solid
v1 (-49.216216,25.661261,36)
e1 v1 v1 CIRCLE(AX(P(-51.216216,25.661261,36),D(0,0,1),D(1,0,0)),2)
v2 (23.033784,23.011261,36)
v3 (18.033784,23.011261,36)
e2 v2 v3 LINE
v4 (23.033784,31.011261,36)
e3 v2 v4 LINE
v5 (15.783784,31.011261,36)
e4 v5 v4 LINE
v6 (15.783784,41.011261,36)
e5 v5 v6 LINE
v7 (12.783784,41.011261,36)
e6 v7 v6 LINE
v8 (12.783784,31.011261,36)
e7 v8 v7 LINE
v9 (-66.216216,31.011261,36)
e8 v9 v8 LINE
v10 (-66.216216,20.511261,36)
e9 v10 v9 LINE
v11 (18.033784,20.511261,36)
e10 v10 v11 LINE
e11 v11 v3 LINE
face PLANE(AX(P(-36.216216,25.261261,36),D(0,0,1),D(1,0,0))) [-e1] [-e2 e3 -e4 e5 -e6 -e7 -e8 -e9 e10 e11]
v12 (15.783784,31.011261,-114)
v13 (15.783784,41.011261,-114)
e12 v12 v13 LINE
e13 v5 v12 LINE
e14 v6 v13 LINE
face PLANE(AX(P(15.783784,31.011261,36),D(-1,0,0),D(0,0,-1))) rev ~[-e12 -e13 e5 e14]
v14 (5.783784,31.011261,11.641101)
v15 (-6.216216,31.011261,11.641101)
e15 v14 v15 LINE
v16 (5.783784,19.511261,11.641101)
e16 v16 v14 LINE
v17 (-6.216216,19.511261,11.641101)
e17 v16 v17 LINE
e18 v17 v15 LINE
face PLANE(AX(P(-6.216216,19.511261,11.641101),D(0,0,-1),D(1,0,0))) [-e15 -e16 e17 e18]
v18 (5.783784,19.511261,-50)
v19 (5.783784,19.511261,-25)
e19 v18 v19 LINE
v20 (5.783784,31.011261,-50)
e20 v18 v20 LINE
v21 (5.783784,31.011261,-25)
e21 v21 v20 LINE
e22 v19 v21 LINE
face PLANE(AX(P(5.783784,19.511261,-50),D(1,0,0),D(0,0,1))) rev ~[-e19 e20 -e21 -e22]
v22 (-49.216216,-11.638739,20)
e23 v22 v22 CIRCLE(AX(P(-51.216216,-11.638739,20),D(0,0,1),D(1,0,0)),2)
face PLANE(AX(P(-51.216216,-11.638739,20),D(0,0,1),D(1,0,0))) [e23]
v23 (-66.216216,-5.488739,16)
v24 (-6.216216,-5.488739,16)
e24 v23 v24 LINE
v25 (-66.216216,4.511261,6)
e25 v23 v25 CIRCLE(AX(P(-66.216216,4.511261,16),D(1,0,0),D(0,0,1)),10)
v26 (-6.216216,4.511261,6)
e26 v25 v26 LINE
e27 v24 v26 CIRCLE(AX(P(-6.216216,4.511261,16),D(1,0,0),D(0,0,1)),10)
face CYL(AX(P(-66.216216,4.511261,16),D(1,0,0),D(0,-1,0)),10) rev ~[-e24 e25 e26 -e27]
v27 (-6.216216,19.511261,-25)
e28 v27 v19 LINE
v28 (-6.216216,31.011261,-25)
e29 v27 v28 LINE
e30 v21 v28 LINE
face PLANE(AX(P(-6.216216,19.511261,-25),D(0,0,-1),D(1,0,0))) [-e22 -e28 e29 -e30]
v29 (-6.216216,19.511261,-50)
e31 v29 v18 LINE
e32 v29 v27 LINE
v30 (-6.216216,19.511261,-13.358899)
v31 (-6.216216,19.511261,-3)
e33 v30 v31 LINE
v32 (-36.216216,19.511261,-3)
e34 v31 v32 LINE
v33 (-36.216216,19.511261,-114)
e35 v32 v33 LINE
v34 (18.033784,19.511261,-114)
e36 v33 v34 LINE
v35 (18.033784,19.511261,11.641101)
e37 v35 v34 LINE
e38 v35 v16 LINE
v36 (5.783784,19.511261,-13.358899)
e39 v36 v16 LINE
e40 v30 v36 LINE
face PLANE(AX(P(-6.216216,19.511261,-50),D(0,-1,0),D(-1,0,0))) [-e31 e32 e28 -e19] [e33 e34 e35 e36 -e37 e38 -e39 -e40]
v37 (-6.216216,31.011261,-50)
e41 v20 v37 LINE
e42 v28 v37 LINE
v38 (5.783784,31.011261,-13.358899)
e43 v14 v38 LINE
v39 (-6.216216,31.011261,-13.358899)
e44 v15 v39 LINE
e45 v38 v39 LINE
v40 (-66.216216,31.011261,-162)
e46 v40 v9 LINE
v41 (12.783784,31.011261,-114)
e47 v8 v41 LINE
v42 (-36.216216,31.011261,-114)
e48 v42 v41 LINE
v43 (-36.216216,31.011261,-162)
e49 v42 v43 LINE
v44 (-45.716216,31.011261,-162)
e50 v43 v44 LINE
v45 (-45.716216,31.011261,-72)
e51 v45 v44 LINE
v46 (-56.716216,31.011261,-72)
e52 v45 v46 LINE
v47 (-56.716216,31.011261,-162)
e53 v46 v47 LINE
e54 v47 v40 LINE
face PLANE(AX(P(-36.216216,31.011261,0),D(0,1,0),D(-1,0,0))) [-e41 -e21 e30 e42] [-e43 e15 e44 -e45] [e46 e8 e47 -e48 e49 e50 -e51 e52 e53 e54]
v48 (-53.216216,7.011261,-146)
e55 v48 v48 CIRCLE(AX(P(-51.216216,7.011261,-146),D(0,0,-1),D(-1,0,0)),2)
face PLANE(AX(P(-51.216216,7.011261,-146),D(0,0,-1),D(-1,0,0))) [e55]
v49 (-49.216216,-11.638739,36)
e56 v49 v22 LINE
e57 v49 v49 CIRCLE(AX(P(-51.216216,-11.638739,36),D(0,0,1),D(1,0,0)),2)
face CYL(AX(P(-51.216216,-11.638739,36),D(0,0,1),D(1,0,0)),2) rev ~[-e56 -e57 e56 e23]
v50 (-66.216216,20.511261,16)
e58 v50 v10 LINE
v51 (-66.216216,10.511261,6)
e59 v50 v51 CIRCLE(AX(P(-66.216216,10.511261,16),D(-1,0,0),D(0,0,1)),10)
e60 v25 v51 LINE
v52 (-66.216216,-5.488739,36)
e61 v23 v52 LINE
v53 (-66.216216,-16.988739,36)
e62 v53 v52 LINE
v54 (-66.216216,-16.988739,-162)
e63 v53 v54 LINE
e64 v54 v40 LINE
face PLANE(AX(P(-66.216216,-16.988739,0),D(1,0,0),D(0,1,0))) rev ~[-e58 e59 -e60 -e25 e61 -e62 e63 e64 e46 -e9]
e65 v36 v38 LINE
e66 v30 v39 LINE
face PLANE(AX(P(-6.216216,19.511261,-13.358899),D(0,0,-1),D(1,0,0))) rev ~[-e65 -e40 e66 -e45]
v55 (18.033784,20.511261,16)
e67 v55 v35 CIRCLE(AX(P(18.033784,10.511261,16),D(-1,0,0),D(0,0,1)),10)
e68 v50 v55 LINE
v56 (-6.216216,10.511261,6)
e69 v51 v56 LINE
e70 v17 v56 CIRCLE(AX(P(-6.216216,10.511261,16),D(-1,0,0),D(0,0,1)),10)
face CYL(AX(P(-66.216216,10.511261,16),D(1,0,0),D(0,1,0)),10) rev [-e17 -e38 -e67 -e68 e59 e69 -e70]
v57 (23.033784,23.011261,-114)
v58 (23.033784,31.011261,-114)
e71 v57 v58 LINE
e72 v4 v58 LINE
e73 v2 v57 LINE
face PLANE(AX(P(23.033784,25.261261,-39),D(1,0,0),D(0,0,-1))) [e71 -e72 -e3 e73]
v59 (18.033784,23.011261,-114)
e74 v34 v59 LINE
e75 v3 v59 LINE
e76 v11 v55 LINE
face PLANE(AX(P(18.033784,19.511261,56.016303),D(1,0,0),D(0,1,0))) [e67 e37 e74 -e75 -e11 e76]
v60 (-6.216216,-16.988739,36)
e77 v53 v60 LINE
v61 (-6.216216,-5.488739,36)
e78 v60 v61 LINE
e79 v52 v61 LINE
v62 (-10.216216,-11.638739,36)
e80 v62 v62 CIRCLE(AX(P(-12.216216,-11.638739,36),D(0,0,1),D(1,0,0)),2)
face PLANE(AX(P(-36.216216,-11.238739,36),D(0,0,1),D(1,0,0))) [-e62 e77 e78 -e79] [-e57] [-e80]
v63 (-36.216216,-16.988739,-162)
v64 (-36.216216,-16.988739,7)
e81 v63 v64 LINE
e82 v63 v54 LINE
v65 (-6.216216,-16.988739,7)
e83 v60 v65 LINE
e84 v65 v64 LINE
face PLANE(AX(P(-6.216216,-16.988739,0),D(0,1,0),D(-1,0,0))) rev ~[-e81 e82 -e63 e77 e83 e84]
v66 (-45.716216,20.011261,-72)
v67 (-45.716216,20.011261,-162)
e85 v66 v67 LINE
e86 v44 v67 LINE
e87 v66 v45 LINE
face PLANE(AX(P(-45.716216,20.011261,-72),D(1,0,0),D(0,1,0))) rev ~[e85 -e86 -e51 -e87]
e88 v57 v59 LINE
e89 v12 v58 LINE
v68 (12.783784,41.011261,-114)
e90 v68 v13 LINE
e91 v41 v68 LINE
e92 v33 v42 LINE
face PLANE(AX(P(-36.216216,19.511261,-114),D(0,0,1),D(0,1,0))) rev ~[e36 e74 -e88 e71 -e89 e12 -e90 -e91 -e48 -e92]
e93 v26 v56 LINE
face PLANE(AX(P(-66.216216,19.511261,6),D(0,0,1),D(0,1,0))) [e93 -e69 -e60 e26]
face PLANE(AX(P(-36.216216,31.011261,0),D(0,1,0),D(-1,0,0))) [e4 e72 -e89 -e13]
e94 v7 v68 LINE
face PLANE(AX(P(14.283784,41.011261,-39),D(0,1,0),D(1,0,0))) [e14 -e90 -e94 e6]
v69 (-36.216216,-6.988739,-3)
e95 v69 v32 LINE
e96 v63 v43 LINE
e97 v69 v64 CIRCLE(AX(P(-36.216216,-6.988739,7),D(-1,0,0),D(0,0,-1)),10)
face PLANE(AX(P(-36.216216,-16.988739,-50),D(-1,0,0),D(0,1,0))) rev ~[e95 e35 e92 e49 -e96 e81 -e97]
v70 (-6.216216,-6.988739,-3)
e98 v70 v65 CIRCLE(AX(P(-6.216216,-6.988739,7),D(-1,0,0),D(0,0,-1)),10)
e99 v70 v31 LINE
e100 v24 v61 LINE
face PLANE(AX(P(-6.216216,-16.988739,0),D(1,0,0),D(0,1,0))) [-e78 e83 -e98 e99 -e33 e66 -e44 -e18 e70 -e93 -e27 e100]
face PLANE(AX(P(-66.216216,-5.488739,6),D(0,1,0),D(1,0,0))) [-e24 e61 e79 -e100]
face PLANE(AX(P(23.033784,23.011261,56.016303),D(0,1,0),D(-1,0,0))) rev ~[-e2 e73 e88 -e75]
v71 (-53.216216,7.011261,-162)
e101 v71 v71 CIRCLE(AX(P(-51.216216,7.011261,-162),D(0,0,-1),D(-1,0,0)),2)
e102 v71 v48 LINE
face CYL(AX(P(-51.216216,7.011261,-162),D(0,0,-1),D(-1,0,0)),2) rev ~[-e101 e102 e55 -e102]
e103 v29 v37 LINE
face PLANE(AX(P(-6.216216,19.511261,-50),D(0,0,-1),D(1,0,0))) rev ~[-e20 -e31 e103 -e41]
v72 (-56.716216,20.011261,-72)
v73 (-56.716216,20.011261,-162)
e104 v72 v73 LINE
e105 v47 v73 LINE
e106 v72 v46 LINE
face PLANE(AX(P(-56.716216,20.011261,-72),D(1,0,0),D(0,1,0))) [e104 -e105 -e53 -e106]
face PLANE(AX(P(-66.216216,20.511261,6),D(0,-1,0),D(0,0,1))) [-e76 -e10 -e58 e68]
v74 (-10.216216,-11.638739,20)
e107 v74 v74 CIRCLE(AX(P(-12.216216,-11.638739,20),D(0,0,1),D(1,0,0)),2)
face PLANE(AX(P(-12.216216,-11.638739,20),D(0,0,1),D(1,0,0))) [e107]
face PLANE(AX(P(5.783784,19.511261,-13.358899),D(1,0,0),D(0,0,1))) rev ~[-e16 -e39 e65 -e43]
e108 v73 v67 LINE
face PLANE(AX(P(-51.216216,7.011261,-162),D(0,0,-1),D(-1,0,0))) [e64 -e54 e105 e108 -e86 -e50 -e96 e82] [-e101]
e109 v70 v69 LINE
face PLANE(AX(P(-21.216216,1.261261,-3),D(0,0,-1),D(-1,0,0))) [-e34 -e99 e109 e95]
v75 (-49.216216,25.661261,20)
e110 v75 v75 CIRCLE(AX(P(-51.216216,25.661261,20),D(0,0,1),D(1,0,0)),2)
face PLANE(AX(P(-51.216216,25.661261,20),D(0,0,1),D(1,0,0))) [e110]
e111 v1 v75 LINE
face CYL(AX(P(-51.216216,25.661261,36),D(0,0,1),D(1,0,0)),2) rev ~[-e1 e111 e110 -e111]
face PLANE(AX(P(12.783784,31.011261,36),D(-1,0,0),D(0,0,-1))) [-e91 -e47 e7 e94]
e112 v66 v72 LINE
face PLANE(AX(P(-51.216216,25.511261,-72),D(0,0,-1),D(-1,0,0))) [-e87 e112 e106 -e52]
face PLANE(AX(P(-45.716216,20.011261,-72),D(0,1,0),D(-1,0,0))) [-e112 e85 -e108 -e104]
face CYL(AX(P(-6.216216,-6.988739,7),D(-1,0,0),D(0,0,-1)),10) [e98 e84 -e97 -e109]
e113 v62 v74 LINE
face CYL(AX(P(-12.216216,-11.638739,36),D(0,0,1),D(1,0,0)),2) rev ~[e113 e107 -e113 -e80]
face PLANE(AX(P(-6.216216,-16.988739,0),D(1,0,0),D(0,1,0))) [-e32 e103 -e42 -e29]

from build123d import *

# Parameters (mm, degrees)
CROQUIS1_W                 = 60
CROQUIS1_H                 = 48
SALIENTE_EXTRUIR1_DEPTH    = 6
CROQUIS4_W                 = 60
CROQUIS4_H                 = 11.5
SALIENTE_EXTRUIR3_DEPTH    = 30
CROQUIS5_R                 = 2
CORTAR_EXTRUIR3_DEPTH      = 16
CROQUIS6_W                 = 30
CROQUIS6_H                 = 48
SALIENTE_EXTRUIR4_DEPTH    = 162
CROQUIS7_R                 = 2
CORTAR_EXTRUIR4_DEPTH      = 16
CROQUIS11_W                = 150
CROQUIS11_H                = 11.5
SALIENTE_EXTRUIR6_DEPTH    = 59.25
CROQUIS12_W                = 3
CROQUIS12_H                = 150
SALIENTE_EXTRUIR7_DEPTH    = 10
CORTAR_EXTRUIR6_DEPTH      = 170.016303475
CORTAR_EXTRUIR6_DEPTH_BACK = 170.016303475
CROQUIS14_W                = 5
CROQUIS14_H                = 3.5
CORTAR_EXTRUIR7_DEPTH      = 213.768679181
CORTAR_EXTRUIR7_DEPTH_BACK = 90
CROQUIS15_W                = 11
CROQUIS15_H                = 11
CROQUIS16_W                = 30
CROQUIS16_H                = 1
CORTAR_EXTRUIR10_DEPTH     = 190.450484429
REDONDEO1_R                = 10
CROQUIS20_W                = 30
CROQUIS20_H                = 36.5
SALIENTE_EXTRUIR8_DEPTH    = 50
CROQUIS21_W                = 12
CROQUIS21_H                = 25
CORTAR_EXTRUIR11_DEPTH     = 40
CROQUIS22_W                = 30
CROQUIS22_H                = 36.5
CORTAR_EXTRUIR13_DEPTH     = 47
REDONDEO3_R                = 10


with BuildPart() as part:
    # Croquis1 → Saliente-Extruir1 (new body)
    with BuildSketch(Plane.XY):
        with Locations((-36.216216216, 7.011261261)):
            Rectangle(CROQUIS1_W, CROQUIS1_H)
    extrude(amount=SALIENTE_EXTRUIR1_DEPTH)

    # Croquis4 → Saliente-Extruir3 (add)
    with BuildSketch(Plane.XY.offset(6)):
        with Locations((-36.216216216, 25.261261261)):
            Rectangle(CROQUIS4_W, CROQUIS4_H)
        with Locations((-36.216216216, -11.238738739)):
            Rectangle(CROQUIS4_W, CROQUIS4_H)
    extrude(amount=SALIENTE_EXTRUIR3_DEPTH)

    # Croquis5 → Cortar-Extruir3 (cut)
    with BuildSketch(Plane.XY.offset(36)):
        with Locations((-51.216216216, 25.661261261)):
            Circle(CROQUIS5_R)
        with Locations((-12.216216216, 25.661261261)):
            Circle(CROQUIS5_R)
        with Locations((-12.216216216, -11.638738739)):
            Circle(CROQUIS5_R)
        with Locations((-51.216216216, -11.638738739)):
            Circle(CROQUIS5_R)
    extrude(amount=-CORTAR_EXTRUIR3_DEPTH, mode=Mode.SUBTRACT)

    # Croquis6 → Saliente-Extruir4 (add)
    with BuildSketch(Plane(origin=(0, 0, 0), x_dir=(-1, 0, 0), z_dir=(0, 0, -1))):
        with Locations((51.216216216, 7.011261261)):
            Rectangle(CROQUIS6_W, CROQUIS6_H)
    extrude(amount=SALIENTE_EXTRUIR4_DEPTH)

    # Croquis7 → Cortar-Extruir4 (cut)
    with BuildSketch(Plane(origin=(0, 0, -162), x_dir=(-1, 0, 0), z_dir=(0, 0, -1))):
        with Locations((51.216216216, 7.011261261)):
            Circle(CROQUIS7_R)
    extrude(amount=-CORTAR_EXTRUIR4_DEPTH, mode=Mode.SUBTRACT)

    # Croquis11 → Saliente-Extruir6 (add)
    with BuildSketch(Plane(origin=(-36.216216216, 0, 0), x_dir=(0, 0, -1), z_dir=(1, 0, 0))):
        with Locations((39, 25.261261261)):
            Rectangle(CROQUIS11_W, CROQUIS11_H)
    extrude(amount=SALIENTE_EXTRUIR6_DEPTH)

    # Croquis12 → Saliente-Extruir7 (add)
    with BuildSketch(Plane(origin=(0, 31.011261261, 0), x_dir=(1, 0, 0), z_dir=(0, 1, 0))):
        with Locations((14.283783784, 39)):
            Rectangle(CROQUIS12_W, CROQUIS12_H)
    extrude(amount=SALIENTE_EXTRUIR7_DEPTH)

    # Croquis14 → Cortar-Extruir6 (cut, two sides: drawn at the far end of the back side and taken through both)
    with BuildSketch(Plane(origin=(0, 0, -114), x_dir=(-1, 0, 0), z_dir=(0, 0, -1)).offset(-CORTAR_EXTRUIR6_DEPTH_BACK)):
        with Locations((-20.533783784, 21.261261261)):
            Rectangle(CROQUIS14_W, CROQUIS14_H)
    extrude(amount=CORTAR_EXTRUIR6_DEPTH + CORTAR_EXTRUIR6_DEPTH_BACK, mode=Mode.SUBTRACT)

    # Croquis15 → Cortar-Extruir7 (cut, two sides: drawn at the far end of the back side and taken through both)
    with BuildSketch(Plane(origin=(0, 0, -162), x_dir=(-1, 0, 0), z_dir=(0, 0, -1)).offset(-CORTAR_EXTRUIR7_DEPTH_BACK)):
        with Locations((51.216216216, 25.511261261)):
            Rectangle(CROQUIS15_W, CROQUIS15_H)
    extrude(amount=CORTAR_EXTRUIR7_DEPTH + CORTAR_EXTRUIR7_DEPTH_BACK, mode=Mode.SUBTRACT)

    # Croquis16 → Cortar-Extruir10 (cut, through all)
    with BuildSketch(Plane.ZY.offset(66.216216216)):
        with Locations((21, 20.011261261)):
            Rectangle(CROQUIS16_W, CROQUIS16_H)
    extrude(amount=-CORTAR_EXTRUIR10_DEPTH, mode=Mode.SUBTRACT)

    # Redondeo1
    redondeo1_edges = [part.edges().sort_by_distance(p)[0] for p in [
        (-36.216216216, -5.488738739, 6),
        (-24.091216216, 20.511261261, 6),
    ]]
    fillet(redondeo1_edges, radius=REDONDEO1_R)

    # Croquis20 → Saliente-Extruir8 (add)
    with BuildSketch(Plane(origin=(0, 0, 0), x_dir=(-1, 0, 0), z_dir=(0, 0, -1))):
        with Locations((21.216216216, 1.261261261)):
            Rectangle(CROQUIS20_W, CROQUIS20_H)
    extrude(amount=SALIENTE_EXTRUIR8_DEPTH)

    # Croquis21 → Cortar-Extruir11 (cut)
    with BuildSketch(Plane.XZ.offset(-19.511261261)):
        with Locations((-0.216216216, -0.858898944)):
            Rectangle(CROQUIS21_W, CROQUIS21_H)
        with Locations((-0.216216216, -37.5)):
            Rectangle(CROQUIS21_W, CROQUIS21_H)
    extrude(amount=-CORTAR_EXTRUIR11_DEPTH, mode=Mode.SUBTRACT)

    # Croquis22 → Cortar-Extruir13 (cut)
    with BuildSketch(Plane(origin=(0, 0, -50), x_dir=(-1, 0, 0), z_dir=(0, 0, -1))):
        with Locations((21.216216216, 1.261261261)):
            Rectangle(CROQUIS22_W, CROQUIS22_H)
    extrude(amount=-CORTAR_EXTRUIR13_DEPTH, mode=Mode.SUBTRACT)

    # Redondeo3
    redondeo3_edges = [part.edges().sort_by_distance(p)[0] for p in [
        (-21.216216216, -16.988738739, -3),
    ]]
    fillet(redondeo3_edges, radius=REDONDEO3_R)


solid = part.part
